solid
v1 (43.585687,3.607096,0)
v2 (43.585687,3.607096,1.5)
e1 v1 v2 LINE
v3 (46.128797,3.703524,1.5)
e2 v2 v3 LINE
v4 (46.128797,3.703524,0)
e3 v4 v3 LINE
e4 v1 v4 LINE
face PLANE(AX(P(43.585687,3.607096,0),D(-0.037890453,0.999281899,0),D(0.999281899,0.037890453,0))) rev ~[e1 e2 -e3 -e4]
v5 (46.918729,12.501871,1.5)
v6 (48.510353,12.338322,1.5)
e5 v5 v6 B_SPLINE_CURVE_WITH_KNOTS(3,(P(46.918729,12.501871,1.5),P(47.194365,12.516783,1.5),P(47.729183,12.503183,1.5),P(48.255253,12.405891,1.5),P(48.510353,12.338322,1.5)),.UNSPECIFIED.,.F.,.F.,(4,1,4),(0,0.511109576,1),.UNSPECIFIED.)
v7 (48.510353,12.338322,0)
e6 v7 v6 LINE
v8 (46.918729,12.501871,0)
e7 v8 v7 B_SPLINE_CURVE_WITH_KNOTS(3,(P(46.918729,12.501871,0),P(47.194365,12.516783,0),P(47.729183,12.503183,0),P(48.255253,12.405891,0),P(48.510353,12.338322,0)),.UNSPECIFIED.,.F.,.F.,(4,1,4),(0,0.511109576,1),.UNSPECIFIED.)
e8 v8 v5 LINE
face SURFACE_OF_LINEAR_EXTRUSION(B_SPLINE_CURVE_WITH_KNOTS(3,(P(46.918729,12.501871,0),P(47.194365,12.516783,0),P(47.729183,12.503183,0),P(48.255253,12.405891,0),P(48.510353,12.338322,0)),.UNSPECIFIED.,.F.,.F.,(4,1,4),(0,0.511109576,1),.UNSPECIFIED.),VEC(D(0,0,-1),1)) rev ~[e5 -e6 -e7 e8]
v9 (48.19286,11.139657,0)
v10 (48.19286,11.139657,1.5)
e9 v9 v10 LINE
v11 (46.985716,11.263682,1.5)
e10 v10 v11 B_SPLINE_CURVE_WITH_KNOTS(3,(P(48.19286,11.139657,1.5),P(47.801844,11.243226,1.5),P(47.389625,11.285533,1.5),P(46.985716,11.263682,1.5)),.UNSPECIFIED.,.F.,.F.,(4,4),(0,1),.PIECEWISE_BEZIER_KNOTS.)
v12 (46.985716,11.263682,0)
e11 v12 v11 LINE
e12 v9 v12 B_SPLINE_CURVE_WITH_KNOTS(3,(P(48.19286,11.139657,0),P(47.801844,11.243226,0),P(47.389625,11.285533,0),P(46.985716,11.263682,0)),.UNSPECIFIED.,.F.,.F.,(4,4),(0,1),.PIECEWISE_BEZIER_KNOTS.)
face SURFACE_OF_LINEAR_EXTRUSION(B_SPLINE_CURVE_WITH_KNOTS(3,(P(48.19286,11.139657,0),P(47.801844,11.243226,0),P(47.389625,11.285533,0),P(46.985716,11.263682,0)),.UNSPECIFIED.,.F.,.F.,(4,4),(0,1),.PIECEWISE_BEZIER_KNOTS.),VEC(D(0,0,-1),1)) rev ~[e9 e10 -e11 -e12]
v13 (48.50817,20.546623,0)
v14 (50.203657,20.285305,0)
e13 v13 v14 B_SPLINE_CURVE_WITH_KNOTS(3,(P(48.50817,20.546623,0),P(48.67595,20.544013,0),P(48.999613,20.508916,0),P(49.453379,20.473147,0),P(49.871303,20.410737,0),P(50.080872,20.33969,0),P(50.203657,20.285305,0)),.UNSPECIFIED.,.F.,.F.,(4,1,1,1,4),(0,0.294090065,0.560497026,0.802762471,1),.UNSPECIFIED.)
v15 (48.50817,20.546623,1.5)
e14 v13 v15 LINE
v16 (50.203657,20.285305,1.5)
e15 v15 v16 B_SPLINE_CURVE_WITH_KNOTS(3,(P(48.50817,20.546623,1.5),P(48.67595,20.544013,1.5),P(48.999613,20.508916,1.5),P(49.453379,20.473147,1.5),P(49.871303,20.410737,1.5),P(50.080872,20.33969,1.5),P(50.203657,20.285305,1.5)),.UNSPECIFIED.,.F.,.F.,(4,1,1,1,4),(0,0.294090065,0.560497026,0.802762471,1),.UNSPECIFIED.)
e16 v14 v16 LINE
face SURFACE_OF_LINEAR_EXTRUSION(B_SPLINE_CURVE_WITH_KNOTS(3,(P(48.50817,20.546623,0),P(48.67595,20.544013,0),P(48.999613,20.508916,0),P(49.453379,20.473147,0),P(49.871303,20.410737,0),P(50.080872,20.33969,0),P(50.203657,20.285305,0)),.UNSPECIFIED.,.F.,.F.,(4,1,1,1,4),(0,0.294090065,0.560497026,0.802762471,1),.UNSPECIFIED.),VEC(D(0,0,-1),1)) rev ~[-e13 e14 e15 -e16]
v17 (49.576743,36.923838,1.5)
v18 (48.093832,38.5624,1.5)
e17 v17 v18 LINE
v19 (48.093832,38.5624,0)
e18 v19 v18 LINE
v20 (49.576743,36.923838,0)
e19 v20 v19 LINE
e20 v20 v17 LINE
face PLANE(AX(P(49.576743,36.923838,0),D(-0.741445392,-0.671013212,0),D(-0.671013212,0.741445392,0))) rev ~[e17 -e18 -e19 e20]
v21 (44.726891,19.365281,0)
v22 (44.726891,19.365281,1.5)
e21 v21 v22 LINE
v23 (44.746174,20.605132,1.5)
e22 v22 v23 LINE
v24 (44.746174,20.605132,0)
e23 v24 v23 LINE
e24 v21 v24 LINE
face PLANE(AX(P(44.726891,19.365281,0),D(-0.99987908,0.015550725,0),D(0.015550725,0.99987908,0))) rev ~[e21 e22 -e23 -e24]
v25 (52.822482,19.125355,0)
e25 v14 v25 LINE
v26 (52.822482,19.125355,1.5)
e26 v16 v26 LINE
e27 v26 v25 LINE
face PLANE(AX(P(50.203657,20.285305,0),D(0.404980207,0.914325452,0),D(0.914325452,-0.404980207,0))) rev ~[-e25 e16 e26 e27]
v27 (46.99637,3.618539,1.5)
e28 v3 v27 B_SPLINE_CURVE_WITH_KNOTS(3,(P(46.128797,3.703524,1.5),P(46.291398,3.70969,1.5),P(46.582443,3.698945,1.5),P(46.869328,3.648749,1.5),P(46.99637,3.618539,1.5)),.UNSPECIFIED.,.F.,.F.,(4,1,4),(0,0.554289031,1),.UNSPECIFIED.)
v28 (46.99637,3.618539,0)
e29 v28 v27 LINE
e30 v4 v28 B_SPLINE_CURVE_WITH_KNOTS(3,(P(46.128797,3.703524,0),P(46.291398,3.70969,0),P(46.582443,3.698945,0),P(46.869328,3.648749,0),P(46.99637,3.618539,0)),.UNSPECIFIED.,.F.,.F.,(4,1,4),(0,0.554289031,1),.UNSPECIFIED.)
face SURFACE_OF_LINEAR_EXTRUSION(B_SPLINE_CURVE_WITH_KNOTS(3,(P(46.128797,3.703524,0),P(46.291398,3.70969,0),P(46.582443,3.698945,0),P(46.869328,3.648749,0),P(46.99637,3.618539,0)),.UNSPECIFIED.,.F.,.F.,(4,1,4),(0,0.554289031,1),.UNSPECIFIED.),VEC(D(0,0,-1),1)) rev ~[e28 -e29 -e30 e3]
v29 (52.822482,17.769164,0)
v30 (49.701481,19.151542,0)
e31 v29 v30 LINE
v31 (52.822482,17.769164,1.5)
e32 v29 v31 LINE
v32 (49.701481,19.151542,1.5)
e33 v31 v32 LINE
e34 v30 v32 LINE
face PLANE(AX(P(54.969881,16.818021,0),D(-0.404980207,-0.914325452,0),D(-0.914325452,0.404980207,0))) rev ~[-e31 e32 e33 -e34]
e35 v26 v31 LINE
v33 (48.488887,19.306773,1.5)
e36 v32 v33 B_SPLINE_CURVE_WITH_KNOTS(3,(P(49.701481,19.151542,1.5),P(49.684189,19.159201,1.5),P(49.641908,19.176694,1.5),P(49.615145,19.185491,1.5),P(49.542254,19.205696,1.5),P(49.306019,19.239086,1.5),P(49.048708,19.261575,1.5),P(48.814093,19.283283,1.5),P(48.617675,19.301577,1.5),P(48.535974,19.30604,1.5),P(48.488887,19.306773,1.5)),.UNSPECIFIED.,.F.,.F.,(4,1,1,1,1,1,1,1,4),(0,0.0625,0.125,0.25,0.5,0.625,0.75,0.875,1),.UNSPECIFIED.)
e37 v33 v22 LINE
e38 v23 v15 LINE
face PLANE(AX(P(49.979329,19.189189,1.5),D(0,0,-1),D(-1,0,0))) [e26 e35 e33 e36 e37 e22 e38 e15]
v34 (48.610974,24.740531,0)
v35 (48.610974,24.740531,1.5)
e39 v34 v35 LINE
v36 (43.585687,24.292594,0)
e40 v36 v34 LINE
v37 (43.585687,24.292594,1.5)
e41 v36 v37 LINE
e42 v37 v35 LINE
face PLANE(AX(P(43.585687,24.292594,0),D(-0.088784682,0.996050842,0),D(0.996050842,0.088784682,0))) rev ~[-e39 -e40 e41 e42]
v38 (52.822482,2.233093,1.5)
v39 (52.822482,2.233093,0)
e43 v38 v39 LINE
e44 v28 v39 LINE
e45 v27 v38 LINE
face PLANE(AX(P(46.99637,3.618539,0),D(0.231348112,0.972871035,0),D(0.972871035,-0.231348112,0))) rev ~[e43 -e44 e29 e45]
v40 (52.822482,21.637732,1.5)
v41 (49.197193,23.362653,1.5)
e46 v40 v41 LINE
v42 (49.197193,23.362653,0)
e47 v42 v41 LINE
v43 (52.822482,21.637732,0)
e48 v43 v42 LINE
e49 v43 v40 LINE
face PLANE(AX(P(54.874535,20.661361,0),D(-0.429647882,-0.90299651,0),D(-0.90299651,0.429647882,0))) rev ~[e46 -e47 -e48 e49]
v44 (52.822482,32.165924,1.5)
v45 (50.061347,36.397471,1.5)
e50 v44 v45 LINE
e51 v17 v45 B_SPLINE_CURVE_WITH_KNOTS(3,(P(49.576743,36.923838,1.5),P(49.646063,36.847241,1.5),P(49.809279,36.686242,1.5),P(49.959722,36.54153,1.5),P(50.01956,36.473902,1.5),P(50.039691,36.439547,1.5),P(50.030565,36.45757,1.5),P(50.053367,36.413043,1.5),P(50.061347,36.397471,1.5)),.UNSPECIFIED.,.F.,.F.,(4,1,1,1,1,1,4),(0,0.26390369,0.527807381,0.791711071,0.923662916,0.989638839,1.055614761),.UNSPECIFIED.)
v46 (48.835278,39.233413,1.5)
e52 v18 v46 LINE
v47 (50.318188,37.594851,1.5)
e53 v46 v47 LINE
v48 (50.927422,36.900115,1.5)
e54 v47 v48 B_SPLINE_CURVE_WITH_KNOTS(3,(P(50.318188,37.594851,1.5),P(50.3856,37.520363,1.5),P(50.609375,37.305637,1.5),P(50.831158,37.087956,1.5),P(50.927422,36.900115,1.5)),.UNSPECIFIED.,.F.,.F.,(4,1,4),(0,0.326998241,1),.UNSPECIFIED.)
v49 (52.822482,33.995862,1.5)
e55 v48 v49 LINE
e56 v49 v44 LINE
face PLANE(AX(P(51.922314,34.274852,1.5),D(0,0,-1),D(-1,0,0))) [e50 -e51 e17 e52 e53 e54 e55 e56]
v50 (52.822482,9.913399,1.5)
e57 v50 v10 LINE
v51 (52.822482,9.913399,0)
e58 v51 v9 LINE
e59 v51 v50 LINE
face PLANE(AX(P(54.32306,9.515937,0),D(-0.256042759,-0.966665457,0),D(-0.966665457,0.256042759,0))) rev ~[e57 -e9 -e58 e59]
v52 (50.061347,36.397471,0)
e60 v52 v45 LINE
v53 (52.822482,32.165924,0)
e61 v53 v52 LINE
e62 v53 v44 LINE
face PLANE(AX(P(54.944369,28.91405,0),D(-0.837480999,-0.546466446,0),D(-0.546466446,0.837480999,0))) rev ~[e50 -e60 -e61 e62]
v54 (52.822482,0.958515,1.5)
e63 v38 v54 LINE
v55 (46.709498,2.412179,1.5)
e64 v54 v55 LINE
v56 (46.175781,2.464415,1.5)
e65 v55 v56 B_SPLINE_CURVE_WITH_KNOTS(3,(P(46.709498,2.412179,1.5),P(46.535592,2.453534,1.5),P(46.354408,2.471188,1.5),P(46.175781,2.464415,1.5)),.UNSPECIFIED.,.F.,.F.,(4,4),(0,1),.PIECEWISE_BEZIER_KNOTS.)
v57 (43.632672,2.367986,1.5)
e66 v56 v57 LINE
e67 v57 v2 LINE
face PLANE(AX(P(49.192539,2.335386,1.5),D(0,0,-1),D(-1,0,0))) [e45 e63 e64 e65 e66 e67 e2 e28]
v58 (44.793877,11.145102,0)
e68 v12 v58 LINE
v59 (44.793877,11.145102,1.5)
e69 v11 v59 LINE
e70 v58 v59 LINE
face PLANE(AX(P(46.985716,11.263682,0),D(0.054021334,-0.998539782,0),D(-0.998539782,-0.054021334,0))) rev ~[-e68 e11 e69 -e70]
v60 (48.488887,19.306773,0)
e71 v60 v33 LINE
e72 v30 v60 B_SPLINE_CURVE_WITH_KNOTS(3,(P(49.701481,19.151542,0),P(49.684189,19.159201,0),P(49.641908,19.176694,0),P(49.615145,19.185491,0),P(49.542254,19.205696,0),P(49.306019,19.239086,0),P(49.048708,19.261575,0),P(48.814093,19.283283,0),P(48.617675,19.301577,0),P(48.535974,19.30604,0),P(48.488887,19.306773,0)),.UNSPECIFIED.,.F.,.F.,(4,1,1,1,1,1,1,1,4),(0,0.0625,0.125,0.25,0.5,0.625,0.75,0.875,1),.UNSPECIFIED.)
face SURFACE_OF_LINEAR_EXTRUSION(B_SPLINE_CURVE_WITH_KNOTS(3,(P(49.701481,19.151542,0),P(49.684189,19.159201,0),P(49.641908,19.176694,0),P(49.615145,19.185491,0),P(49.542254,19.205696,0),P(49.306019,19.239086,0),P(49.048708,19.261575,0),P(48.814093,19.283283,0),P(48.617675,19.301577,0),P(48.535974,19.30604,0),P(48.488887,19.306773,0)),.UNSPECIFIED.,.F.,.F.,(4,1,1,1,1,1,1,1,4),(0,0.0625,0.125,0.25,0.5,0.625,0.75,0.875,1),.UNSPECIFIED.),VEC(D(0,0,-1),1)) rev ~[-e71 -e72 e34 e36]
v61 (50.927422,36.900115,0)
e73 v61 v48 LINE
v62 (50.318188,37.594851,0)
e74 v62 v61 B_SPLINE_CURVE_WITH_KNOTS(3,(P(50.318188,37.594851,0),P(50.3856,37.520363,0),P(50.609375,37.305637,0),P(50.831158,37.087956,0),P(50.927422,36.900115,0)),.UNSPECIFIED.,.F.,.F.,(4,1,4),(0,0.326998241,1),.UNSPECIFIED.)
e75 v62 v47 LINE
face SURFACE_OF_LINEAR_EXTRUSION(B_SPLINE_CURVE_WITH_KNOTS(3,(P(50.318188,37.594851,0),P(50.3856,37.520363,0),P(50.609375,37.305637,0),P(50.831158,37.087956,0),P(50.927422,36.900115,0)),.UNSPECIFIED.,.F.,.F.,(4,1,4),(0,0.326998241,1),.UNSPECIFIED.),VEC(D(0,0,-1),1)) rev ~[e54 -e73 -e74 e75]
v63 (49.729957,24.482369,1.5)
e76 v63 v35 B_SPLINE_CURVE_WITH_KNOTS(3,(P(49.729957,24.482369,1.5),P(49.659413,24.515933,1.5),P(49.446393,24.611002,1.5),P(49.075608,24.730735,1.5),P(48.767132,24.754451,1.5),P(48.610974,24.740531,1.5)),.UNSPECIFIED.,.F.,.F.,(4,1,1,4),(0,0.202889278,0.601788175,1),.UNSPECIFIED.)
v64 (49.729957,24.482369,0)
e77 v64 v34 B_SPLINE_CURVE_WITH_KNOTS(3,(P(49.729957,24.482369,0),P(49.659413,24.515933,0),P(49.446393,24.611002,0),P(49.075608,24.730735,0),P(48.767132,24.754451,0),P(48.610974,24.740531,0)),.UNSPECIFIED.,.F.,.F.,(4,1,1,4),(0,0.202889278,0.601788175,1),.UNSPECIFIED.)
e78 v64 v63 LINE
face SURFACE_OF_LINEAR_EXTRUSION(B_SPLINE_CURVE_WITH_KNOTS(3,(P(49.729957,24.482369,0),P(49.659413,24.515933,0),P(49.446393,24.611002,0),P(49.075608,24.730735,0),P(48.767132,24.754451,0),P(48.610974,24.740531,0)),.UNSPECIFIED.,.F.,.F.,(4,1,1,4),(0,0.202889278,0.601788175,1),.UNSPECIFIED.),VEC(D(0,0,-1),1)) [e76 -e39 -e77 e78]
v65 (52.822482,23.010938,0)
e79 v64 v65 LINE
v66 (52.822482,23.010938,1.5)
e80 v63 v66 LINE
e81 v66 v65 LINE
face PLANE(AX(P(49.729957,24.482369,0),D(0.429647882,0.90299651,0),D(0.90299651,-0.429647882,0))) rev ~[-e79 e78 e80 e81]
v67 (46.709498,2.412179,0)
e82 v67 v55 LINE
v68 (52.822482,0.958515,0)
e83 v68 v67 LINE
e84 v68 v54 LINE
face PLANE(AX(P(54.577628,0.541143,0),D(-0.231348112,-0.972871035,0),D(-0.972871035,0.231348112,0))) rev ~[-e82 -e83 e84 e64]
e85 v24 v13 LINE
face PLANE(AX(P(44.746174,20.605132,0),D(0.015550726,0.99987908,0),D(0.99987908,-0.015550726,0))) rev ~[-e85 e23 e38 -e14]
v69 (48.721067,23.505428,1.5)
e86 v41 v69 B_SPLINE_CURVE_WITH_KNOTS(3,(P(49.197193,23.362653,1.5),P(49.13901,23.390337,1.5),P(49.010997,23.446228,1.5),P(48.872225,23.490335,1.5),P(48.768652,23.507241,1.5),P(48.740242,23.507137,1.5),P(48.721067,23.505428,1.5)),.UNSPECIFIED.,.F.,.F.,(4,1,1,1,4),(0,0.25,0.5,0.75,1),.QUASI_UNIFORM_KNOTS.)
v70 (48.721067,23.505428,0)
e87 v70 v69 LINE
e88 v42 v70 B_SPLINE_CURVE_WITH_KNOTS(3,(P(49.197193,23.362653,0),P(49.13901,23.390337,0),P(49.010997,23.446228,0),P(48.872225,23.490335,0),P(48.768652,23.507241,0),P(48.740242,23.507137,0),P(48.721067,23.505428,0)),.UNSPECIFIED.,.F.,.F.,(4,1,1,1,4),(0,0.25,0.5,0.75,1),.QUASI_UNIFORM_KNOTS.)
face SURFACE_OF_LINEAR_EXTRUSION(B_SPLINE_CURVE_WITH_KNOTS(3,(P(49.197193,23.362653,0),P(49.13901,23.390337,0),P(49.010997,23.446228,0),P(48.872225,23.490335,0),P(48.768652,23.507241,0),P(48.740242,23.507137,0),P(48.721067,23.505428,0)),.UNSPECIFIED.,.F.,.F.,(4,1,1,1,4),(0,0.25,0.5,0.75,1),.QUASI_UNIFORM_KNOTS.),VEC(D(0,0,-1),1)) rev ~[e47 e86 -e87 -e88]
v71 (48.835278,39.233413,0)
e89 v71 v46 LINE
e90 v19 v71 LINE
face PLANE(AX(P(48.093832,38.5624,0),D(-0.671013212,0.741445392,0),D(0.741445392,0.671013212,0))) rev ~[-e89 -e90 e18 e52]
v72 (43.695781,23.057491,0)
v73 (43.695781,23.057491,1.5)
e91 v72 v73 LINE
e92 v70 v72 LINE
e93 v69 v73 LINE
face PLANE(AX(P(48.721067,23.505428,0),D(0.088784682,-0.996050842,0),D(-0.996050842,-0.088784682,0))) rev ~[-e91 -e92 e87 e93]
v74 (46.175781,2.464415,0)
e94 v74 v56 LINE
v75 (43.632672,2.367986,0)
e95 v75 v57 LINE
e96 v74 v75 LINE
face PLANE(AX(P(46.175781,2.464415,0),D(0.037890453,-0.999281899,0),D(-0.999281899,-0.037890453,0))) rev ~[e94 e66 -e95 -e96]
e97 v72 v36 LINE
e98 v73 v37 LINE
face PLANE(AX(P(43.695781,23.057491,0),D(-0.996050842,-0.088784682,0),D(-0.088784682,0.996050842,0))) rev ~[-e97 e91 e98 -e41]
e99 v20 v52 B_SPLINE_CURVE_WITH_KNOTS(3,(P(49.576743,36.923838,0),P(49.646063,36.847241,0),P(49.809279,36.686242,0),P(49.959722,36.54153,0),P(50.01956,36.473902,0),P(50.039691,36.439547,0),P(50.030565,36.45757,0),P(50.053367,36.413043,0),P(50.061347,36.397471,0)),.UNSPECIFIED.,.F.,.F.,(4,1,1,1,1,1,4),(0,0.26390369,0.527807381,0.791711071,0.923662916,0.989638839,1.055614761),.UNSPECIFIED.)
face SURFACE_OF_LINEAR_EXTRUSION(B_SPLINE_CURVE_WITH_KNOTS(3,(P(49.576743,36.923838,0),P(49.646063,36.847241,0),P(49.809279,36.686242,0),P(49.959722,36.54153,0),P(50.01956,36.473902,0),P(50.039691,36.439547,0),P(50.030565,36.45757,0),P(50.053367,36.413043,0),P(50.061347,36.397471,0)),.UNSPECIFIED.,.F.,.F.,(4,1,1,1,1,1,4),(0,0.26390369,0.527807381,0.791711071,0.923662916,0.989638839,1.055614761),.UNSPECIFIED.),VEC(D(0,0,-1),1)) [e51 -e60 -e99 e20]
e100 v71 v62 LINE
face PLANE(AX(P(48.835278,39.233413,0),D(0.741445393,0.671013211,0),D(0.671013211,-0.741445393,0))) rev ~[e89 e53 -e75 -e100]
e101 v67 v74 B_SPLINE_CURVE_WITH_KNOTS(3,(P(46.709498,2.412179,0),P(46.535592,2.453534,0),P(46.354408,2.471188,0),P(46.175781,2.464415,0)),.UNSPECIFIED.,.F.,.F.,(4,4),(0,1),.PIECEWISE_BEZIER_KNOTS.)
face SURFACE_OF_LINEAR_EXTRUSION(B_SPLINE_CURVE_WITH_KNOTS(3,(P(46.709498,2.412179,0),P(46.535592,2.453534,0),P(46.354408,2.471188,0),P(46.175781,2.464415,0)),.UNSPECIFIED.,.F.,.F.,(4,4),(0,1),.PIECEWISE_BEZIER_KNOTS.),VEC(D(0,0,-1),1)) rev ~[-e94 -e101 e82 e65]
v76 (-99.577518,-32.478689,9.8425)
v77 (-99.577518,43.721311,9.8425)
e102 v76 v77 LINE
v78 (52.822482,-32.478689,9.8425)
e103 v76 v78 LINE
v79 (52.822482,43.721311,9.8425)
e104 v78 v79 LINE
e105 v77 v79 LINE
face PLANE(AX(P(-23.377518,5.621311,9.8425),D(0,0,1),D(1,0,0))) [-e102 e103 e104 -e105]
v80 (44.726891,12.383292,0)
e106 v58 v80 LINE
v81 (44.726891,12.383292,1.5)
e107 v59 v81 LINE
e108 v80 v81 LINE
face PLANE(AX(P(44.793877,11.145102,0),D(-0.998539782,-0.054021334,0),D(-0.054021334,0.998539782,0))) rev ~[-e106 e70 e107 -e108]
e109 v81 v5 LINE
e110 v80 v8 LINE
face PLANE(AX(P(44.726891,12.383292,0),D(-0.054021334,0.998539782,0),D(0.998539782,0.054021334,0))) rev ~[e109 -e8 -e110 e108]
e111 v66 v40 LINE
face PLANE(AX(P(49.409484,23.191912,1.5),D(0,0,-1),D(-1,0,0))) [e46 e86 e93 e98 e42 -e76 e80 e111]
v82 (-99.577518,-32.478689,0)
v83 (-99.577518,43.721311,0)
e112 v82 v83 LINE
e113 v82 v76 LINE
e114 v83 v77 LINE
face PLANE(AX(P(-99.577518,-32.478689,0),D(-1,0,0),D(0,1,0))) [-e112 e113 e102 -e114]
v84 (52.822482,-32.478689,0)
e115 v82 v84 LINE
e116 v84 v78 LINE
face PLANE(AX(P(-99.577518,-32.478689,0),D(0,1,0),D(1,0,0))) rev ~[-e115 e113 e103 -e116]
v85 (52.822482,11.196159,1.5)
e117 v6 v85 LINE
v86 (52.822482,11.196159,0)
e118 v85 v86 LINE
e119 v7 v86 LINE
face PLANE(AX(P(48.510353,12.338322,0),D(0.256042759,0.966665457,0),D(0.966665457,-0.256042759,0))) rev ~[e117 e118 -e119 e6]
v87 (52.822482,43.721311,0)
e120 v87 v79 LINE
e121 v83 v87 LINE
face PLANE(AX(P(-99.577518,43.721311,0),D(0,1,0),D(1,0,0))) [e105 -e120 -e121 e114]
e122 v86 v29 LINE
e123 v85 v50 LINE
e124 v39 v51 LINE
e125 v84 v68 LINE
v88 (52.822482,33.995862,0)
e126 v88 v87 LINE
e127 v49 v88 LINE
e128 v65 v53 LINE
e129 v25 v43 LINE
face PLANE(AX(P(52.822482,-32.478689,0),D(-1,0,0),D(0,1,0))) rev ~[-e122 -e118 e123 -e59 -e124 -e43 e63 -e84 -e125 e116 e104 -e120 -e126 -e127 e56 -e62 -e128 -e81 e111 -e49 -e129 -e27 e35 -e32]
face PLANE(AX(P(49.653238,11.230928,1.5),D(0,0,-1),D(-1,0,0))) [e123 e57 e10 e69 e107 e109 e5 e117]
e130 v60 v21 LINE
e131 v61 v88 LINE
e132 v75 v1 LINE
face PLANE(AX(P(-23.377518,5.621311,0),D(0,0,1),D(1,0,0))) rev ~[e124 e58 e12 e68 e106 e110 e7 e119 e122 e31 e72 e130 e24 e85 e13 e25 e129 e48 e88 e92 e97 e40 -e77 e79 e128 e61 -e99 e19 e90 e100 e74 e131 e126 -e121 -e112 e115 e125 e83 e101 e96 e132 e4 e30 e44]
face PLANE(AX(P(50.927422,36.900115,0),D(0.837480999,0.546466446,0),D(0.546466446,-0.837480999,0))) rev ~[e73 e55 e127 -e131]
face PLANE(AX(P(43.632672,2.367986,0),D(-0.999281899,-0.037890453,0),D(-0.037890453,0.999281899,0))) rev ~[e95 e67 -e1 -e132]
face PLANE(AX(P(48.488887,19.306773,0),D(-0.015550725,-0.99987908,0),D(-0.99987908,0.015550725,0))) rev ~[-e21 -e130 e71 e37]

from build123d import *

# Parameters (mm, degrees)
SKETCH1_W           = 152.4
SKETCH1_H           = 76.2
BOSS_EXTRUDE1_DEPTH = 9.8425
CUT_EXTRUDE8_DEPTH  = 1.5


with BuildPart() as part:
    # Sketch1 → Boss-Extrude1 (new body)
    with BuildSketch(Plane.XY):
        with Locations((-23.377517564, 5.621311475)):
            Rectangle(SKETCH1_W, SKETCH1_H)
    extrude(amount=BOSS_EXTRUDE1_DEPTH)

    # Sketch3 → Cut-Extrude8 (cut)
    with BuildSketch(Plane(origin=(0, 0, 0), x_dir=(-1, 0, 0), z_dir=(0, 0, -1))):
        with BuildLine():
            Line((-44.726890699, 19.36528147), (-44.746173598, 20.60513153))
            Line((-44.746173598, 20.60513153), (-48.508169632, 20.546622687))
            add(Edge.make_bspline(
                [(-48.508169632, 20.546622687), (-48.675949577, 20.544013272), (-48.999612816, 20.508916083), (-49.453378931, 20.473147329), (-49.871303207, 20.41073695), (-50.080872244, 20.33969012), (-50.203656688, 20.28530547)],
                knots=[0, 0, 0, 0, 0.294090065, 0.560497026, 0.802762471, 1, 1, 1, 1], degree=3))
            Line((-50.203656688, 20.28530547), (-54.969880773, 18.174212082))
            Line((-54.969880773, 18.174212082), (-54.969880773, 16.818021026))
            Line((-54.969880773, 16.818021026), (-49.701481232, 19.15154191))
            add(Edge.make_bspline(
                [(-49.701481232, 19.15154191), (-49.684189468, 19.159200913), (-49.641908349, 19.176694453), (-49.615145416, 19.185491037), (-49.542253946, 19.205696369), (-49.306018818, 19.23908556), (-49.048707603, 19.261574509), (-48.81409331, 19.283282924), (-48.617674753, 19.301576909), (-48.535974126, 19.306040296), (-48.488886733, 19.306772628)],
                knots=[0, 0, 0, 0, 0.0625, 0.125, 0.25, 0.5, 0.625, 0.75, 0.875, 1, 1, 1, 1], degree=3))
            Line((-48.488886733, 19.306772628), (-44.726890699, 19.36528147))
        make_face()
        with BuildLine():
            Line((-48.51035266, 12.33832191), (-54.640552611, 10.71460266))
            Line((-54.640552611, 10.71460266), (-54.323059589, 9.515937494))
            Line((-54.323059589, 9.515937494), (-48.192859639, 11.139656744))
            add(Edge.make_bspline(
                [(-48.192859639, 11.139656744), (-47.801843994, 11.243225899), (-47.389624666, 11.285533217), (-46.985715874, 11.263681617)],
                knots=[0, 0, 0, 0, 1, 1, 1, 1], degree=3))
            Line((-46.985715874, 11.263681617), (-44.793877153, 11.145102413))
            Line((-44.793877153, 11.145102413), (-44.726890699, 12.383291742))
            Line((-44.726890699, 12.383291742), (-46.91872942, 12.501870946))
            add(Edge.make_bspline(
                [(-46.91872942, 12.501870946), (-47.194365308, 12.516782939), (-47.729183274, 12.503182846), (-48.255253092, 12.405890682), (-48.51035266, 12.33832191)],
                knots=[0, 0, 0, 0, 0.511109576, 1, 1, 1, 1], degree=3))
        make_face()
        with BuildLine():
            Line((-43.695780501, 23.057490694), (-43.585687495, 24.292593738))
            Line((-43.585687495, 24.292593738), (-48.610973749, 24.740531156))
            add(Edge.make_bspline(
                [(-49.729956575, 24.482368714), (-49.65941327, 24.515933386), (-49.446393149, 24.611001503), (-49.075607523, 24.730735276), (-48.767132086, 24.754450595), (-48.610973749, 24.740531156)],
                knots=[0, 0, 0, 0, 0.202889278, 0.601788175, 1, 1, 1, 1], degree=3))
            Line((-49.729956575, 24.482368714), (-54.87453465, 22.034566258))
            Line((-54.87453465, 22.034566258), (-54.87453465, 20.661360507))
            Line((-54.87453465, 20.661360507), (-49.197193201, 23.362653042))
            add(Edge.make_bspline(
                [(-49.197193201, 23.362653042), (-49.139010306, 23.390336601), (-49.01099741, 23.446228058), (-48.872225099, 23.490335328), (-48.768651785, 23.507240994), (-48.740242067, 23.507137336), (-48.721066755, 23.505428112)],
                knots=[0, 0, 0, 0, 0.25, 0.5, 0.75, 1, 1, 1, 1], degree=3))
            Line((-48.721066755, 23.505428112), (-43.695780501, 23.057490694))
        make_face()
        with BuildLine():
            Line((-50.927422497, 36.90011515), (-54.94436907, 30.743988904))
            Line((-54.94436907, 30.743988904), (-54.94436907, 28.914050382))
            Line((-54.94436907, 28.914050382), (-50.061346642, 36.39747143))
            add(Edge.make_bspline(
                [(-49.576742638, 36.923837605), (-49.646063205, 36.847240879), (-49.809278874, 36.686241544), (-49.959721756, 36.541529579), (-50.019559683, 36.473902058), (-50.039690523, 36.439546623), (-50.030564548, 36.457569967), (-50.053366622, 36.413042841), (-50.061346642, 36.39747143)],
                knots=[0, 0, 0, 0, 0.26390369, 0.527807381, 0.791711071, 0.923662916, 0.989638839, 1.055614761, 1.055614761, 1.055614761, 1.055614761], degree=3))
            Line((-49.576742638, 36.923837605), (-48.093832254, 38.562400084))
            Line((-48.093832254, 38.562400084), (-48.835277647, 39.233413296))
            Line((-48.835277647, 39.233413296), (-50.31818803, 37.594850816))
            add(Edge.make_bspline(
                [(-50.31818803, 37.594850816), (-50.385599817, 37.520363224), (-50.609375158, 37.305637276), (-50.831157934, 37.08795617), (-50.927422497, 36.90011515)],
                knots=[0, 0, 0, 0, 0.326998241, 1, 1, 1, 1], degree=3))
        make_face()
        with BuildLine():
            Line((-46.996369813, 3.618538944), (-54.86449918, 1.747502797))
            Line((-54.86449918, 1.747502797), (-54.577627521, 0.541142713))
            Line((-54.577627521, 0.541142713), (-46.709498155, 2.41217886))
            add(Edge.make_bspline(
                [(-46.709498155, 2.41217886), (-46.535591864, 2.453533665), (-46.354408424, 2.471188006), (-46.17578104, 2.46441487)],
                knots=[0, 0, 0, 0, 1, 1, 1, 1], degree=3))
            Line((-46.17578104, 2.46441487), (-43.632671657, 2.367986057))
            Line((-43.632671657, 2.367986057), (-43.585687495, 3.607095611))
            Line((-43.585687495, 3.607095611), (-46.128796878, 3.703524424))
            add(Edge.make_bspline(
                [(-46.128796878, 3.703524424), (-46.291398125, 3.709689887), (-46.582443275, 3.698945442), (-46.869328394, 3.648749312), (-46.996369813, 3.618538944)],
                knots=[0, 0, 0, 0, 0.554289031, 1, 1, 1, 1], degree=3))
        make_face()
    extrude(amount=-CUT_EXTRUDE8_DEPTH, mode=Mode.SUBTRACT)


solid = part.part
